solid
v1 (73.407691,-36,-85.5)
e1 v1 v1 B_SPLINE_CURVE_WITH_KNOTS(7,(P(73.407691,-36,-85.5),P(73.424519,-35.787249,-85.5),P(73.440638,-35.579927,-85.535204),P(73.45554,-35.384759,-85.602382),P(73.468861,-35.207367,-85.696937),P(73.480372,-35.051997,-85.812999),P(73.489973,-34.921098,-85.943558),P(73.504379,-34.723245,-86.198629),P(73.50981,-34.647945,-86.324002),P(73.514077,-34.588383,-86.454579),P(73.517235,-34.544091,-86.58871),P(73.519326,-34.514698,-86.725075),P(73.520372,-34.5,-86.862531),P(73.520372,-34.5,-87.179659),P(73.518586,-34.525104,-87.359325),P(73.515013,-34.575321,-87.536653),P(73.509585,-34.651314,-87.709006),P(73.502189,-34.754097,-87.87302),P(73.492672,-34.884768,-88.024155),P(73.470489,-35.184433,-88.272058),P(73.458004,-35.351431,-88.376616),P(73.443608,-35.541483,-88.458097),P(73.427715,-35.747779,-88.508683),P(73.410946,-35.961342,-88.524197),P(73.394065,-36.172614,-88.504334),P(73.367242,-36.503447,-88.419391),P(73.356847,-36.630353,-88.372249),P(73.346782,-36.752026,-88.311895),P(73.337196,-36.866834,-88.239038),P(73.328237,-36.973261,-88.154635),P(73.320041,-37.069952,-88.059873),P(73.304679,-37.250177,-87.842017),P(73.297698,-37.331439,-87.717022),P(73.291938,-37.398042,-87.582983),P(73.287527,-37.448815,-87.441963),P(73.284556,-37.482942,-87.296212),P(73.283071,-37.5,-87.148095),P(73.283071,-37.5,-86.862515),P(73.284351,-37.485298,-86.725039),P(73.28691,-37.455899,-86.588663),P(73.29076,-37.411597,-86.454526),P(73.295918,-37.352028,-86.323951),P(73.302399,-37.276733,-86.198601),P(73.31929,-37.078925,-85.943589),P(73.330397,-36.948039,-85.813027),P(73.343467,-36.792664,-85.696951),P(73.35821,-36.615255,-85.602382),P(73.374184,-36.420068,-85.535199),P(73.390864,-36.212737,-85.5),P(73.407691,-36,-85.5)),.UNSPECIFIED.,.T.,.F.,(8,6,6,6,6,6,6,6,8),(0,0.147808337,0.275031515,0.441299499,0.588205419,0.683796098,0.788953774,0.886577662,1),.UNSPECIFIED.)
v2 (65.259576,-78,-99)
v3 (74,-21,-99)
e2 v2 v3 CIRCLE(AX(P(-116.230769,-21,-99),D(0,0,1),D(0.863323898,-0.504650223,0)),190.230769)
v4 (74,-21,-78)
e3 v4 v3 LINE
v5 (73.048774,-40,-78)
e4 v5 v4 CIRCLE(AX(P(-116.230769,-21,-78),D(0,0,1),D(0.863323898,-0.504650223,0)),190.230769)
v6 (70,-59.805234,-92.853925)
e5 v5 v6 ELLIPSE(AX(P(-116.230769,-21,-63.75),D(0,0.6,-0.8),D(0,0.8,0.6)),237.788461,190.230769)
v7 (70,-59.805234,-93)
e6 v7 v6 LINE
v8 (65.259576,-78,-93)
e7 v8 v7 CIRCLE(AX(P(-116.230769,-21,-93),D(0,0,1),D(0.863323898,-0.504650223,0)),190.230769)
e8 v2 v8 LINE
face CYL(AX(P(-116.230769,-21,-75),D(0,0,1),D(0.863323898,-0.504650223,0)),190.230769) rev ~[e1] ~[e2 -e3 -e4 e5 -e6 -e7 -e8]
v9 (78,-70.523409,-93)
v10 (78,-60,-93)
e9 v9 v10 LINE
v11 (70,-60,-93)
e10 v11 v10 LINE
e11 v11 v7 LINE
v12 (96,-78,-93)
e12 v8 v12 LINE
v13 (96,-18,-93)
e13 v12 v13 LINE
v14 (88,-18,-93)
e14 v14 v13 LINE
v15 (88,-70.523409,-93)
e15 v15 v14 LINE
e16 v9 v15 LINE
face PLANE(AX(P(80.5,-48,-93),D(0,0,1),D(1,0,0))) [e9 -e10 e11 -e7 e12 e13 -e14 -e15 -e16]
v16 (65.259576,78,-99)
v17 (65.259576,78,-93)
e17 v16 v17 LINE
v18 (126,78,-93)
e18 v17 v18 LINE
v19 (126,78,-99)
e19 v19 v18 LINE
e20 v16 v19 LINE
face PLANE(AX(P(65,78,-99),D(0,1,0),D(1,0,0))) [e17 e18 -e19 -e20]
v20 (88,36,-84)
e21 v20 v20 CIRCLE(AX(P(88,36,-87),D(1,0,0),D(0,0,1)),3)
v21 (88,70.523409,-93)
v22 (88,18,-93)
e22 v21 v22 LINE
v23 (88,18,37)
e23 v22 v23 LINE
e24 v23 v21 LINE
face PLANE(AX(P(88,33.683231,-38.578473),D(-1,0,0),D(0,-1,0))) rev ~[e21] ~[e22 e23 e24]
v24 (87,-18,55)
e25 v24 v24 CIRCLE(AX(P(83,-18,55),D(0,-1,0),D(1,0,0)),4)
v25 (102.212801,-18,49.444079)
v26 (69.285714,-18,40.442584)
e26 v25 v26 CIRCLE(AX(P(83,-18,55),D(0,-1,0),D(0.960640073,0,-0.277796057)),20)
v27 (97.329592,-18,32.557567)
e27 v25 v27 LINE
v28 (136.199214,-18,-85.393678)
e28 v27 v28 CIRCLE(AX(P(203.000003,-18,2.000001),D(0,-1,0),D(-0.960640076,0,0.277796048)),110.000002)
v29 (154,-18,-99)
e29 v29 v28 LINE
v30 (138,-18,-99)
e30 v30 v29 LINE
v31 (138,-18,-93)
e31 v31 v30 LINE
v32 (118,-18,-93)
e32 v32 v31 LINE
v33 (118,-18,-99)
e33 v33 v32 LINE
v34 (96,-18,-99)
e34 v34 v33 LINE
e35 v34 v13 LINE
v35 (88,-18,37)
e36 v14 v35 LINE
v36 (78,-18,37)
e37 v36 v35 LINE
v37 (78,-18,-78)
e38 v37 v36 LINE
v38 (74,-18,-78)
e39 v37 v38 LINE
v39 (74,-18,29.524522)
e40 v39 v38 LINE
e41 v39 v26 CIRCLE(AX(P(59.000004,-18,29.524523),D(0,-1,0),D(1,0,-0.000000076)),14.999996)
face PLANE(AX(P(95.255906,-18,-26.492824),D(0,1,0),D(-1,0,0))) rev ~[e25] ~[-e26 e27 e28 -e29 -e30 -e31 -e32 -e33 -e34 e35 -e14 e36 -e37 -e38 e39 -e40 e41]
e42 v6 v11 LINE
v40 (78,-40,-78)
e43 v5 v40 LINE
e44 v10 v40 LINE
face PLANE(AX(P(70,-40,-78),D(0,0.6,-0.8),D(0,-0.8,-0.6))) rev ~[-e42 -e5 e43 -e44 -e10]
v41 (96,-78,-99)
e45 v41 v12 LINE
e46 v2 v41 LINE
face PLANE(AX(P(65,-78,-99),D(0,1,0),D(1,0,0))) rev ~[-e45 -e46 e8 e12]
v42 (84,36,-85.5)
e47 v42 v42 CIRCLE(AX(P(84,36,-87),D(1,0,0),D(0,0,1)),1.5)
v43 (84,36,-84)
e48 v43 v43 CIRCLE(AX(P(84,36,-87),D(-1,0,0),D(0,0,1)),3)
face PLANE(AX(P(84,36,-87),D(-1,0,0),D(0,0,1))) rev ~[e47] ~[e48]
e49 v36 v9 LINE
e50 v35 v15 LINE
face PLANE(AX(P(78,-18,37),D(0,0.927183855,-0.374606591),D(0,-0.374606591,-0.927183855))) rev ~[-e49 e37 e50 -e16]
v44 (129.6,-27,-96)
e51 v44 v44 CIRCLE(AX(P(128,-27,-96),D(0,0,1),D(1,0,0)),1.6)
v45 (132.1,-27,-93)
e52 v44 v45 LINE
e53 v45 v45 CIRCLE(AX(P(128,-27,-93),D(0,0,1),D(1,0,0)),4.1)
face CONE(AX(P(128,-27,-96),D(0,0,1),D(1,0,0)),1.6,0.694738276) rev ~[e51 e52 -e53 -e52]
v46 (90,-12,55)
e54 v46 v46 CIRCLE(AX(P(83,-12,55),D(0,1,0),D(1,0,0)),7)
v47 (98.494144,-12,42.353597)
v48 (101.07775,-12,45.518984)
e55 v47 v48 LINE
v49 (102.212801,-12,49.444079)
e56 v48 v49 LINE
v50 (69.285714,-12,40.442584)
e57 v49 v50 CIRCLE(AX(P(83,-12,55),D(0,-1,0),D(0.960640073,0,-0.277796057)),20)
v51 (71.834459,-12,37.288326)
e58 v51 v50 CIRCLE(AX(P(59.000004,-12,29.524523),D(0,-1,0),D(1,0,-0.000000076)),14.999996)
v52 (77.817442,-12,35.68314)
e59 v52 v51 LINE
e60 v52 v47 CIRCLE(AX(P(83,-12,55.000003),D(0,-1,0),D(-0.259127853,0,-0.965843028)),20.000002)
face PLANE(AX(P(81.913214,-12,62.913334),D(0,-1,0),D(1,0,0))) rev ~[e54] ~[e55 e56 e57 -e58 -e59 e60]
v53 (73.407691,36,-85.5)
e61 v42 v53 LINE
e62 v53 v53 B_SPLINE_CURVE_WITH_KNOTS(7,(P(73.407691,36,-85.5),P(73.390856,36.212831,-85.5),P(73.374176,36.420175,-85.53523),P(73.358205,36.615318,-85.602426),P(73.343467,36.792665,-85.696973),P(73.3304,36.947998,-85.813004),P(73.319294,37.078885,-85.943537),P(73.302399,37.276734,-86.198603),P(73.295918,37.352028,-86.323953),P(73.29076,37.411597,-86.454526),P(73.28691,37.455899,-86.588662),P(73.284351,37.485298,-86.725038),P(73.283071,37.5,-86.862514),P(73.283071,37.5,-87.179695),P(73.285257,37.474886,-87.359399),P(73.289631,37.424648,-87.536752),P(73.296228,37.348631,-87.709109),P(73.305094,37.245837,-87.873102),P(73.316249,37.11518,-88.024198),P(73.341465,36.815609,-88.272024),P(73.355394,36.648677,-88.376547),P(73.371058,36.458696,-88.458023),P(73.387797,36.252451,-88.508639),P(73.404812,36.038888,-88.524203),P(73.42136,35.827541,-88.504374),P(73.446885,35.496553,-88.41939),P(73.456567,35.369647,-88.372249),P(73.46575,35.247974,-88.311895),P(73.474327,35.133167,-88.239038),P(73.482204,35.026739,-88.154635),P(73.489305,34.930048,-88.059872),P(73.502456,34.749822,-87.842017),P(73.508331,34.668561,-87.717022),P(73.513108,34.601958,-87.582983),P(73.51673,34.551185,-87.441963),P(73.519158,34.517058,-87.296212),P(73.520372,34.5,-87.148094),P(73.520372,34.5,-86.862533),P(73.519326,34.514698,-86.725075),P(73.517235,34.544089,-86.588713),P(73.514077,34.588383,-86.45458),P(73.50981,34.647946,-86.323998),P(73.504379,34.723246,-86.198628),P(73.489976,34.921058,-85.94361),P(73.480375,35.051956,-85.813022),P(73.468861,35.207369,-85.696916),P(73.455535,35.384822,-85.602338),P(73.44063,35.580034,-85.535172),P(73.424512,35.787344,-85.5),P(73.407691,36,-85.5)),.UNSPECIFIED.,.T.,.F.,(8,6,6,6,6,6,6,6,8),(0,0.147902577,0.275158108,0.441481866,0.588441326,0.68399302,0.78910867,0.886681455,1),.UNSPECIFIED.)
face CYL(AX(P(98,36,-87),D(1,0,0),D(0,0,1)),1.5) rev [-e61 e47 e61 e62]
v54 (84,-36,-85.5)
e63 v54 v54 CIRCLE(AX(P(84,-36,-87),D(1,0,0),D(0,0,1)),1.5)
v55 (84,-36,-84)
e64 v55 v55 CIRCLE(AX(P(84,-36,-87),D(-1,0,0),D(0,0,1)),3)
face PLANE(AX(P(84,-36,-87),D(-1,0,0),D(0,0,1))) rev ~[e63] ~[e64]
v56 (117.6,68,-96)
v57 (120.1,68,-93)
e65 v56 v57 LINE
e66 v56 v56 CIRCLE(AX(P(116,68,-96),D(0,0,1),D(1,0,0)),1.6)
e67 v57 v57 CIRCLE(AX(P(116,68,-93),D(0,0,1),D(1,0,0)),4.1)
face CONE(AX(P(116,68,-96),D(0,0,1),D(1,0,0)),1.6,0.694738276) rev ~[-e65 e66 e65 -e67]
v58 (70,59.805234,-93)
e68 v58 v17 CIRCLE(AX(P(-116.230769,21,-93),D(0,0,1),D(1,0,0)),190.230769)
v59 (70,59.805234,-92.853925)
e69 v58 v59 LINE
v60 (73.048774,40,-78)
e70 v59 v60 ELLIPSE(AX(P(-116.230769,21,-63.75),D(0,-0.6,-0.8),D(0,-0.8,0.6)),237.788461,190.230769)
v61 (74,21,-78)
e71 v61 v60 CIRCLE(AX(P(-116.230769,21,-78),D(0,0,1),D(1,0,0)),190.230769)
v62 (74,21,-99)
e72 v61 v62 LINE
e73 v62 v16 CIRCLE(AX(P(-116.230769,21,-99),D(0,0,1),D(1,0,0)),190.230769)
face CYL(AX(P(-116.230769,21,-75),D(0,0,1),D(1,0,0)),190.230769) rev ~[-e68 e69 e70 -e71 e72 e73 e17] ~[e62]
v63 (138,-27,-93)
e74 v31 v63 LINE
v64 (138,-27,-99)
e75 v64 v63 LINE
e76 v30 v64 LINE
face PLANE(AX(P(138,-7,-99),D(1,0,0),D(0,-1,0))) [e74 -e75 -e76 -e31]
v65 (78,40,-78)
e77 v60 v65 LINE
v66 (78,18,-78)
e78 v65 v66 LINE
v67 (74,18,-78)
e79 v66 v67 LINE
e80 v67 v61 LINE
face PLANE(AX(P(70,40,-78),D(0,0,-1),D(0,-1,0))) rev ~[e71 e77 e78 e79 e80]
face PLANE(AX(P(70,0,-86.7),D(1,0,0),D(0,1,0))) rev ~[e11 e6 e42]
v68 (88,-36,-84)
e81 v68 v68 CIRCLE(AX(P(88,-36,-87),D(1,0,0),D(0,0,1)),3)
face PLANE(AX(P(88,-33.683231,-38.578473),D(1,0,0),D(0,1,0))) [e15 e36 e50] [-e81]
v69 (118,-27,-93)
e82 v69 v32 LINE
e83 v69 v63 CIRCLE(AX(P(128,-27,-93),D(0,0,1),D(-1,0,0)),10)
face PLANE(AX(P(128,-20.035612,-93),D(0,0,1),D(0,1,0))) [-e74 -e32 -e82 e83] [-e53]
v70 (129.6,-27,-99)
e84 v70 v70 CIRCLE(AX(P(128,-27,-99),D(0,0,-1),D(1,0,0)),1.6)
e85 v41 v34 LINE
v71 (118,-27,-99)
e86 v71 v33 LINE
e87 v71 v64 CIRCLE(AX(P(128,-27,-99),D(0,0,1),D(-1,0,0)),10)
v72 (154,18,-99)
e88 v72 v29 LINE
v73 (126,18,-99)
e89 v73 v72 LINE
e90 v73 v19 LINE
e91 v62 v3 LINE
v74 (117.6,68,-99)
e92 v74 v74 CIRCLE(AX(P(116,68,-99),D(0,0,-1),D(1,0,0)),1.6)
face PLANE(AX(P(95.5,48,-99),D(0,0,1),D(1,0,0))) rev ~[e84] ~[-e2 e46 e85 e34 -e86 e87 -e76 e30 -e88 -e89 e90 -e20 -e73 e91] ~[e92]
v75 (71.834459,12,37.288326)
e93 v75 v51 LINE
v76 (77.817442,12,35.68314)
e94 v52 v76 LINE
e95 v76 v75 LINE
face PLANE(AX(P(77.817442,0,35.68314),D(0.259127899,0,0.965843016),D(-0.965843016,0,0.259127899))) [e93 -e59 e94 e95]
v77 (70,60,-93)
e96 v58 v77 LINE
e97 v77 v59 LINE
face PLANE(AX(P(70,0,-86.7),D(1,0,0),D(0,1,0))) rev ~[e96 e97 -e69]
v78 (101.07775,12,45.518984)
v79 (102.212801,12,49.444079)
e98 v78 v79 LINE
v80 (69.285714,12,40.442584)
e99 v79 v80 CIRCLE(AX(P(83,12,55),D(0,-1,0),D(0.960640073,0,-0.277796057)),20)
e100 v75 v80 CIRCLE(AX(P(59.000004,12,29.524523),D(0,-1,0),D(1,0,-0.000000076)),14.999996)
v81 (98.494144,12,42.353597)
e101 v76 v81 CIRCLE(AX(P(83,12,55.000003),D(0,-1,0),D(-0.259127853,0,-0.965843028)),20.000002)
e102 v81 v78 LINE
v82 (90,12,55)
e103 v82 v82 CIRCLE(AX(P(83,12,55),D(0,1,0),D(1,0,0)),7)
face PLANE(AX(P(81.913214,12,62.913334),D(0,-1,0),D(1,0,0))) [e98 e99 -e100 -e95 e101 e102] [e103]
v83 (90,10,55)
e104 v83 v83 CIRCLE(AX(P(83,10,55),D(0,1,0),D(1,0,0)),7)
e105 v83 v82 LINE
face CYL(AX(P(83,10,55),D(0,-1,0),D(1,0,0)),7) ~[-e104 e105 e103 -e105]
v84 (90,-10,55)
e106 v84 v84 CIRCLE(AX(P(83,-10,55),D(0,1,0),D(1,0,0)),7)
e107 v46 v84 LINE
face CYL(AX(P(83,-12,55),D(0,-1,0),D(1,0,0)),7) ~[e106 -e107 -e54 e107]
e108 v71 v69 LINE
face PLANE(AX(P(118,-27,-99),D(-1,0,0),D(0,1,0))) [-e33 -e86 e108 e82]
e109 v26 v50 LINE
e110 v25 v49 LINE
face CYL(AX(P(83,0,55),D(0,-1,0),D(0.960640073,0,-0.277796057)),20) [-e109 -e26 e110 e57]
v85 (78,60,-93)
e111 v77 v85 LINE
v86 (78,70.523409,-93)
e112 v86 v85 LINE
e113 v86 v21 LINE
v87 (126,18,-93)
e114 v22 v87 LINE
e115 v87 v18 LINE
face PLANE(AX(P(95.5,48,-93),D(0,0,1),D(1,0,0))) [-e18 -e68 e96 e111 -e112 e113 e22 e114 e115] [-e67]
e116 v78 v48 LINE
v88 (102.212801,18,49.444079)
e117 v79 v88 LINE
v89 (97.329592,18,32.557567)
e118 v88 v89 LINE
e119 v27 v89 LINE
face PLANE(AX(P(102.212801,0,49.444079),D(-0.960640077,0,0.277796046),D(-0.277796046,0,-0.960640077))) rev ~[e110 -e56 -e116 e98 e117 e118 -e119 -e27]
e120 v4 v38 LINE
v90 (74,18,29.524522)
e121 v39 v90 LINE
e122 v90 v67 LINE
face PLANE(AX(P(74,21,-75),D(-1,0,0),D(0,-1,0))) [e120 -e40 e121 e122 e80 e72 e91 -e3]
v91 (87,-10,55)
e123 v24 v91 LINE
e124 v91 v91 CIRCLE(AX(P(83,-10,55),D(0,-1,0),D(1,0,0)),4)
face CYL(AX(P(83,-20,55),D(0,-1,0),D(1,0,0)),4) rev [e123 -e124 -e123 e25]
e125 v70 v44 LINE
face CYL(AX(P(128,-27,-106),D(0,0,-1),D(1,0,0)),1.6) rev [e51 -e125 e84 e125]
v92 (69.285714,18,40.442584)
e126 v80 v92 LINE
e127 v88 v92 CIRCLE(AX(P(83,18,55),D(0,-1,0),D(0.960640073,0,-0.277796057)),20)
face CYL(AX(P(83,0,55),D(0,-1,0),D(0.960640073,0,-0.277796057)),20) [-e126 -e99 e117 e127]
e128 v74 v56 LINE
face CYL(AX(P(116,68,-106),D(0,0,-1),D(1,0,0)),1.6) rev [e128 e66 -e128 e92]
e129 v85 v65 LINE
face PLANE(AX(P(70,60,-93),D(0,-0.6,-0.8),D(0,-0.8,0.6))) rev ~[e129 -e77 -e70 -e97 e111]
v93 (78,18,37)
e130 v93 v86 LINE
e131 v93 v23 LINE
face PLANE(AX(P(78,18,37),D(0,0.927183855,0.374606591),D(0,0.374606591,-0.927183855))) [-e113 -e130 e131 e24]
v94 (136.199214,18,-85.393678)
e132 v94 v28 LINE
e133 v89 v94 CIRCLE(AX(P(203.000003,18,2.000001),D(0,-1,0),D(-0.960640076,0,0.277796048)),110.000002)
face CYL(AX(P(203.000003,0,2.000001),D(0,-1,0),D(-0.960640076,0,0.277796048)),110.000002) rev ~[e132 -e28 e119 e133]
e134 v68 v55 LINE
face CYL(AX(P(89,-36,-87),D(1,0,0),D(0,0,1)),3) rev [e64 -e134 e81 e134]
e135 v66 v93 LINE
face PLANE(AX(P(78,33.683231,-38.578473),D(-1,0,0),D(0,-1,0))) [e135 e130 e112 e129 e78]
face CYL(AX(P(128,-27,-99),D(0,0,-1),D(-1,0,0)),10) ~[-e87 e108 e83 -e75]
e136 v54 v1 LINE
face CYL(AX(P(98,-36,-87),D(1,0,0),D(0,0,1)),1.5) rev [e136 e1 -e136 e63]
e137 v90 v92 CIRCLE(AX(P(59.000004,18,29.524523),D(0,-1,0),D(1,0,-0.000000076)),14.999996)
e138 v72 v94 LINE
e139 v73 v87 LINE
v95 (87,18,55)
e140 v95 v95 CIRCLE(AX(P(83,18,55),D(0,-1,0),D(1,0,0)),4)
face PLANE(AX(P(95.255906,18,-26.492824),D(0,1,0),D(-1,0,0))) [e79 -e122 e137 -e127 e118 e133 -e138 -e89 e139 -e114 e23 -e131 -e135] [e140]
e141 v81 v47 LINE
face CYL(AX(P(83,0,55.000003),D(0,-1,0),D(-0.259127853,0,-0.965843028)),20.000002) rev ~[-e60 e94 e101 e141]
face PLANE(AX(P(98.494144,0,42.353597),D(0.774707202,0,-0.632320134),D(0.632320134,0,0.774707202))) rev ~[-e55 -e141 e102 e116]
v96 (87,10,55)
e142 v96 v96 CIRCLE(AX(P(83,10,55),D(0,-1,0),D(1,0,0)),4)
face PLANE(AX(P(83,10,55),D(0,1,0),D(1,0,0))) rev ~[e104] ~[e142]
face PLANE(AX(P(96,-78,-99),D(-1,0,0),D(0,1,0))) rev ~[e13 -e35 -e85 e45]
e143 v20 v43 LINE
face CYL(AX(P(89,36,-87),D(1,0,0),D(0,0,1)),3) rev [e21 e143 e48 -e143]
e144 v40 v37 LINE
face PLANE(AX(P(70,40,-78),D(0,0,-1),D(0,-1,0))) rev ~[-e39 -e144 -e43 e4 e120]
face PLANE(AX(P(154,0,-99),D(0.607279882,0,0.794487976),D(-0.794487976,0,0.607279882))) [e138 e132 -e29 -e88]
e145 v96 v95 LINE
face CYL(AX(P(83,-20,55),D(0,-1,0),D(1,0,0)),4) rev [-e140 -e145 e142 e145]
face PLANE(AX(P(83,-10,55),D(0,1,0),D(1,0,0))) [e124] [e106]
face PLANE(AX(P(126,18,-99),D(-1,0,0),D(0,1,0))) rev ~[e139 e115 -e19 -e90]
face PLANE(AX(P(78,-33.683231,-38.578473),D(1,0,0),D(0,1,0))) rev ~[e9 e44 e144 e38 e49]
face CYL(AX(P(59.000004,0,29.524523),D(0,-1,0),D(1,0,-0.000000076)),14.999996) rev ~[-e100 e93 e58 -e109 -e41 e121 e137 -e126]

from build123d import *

# Parameters (mm, degrees)
CYLINDER059_R              = 1.5
CYLINDER059_DEPTH          = 45
CYLINDER060_R              = 1.5
CYLINDER060_DEPTH          = 45
PRISM006_DEPTH             = 3
PRISM007_DEPTH             = 3
CYLINDER061_R              = 3
CYLINDER061_DEPTH          = 5
CYLINDER043_R              = 4
CYLINDER043_DEPTH          = 40
CYLINDER045_R              = 7
CYLINDER045_DEPTH          = 2
CYLINDER044_R              = 7
CYLINDER044_DEPTH          = 2
EXTRUDE010_DEPTH           = 12
EXTRUDE023_DEPTH           = 24
CYLINDER046_R              = 1.6
CYLINDER046_DEPTH          = 10
CYLINDER062_R              = 3
CYLINDER062_DEPTH          = 5
BOX012_W                   = 31
BOX012_H                   = 60
BOX012_DEPTH               = 6
BOX011_W                   = 61
BOX011_H                   = 60
BOX011_DEPTH               = 6
EXTRUDE015_DEPTH           = 6
EXTRUDE015_PLACEMENT_ANGLE = 90
EXTRUDE011_DEPTH           = 10
EXTRUDE024_DEPTH           = 10
EXTRUDE009_DEPTH           = 18


with BuildPart() as cilindro059:
    # Cylinder059 → Cylinder059 (new body)
    with BuildSketch(Plane(origin=(98, -36, -87), x_dir=(0, 0, 1), z_dir=(-1, 0, 0))):
        Circle(CYLINDER059_R)
    extrude(amount=CYLINDER059_DEPTH)


with BuildPart() as cilindro060:
    # Cylinder060 → Cylinder060 (new body)
    with BuildSketch(Plane(origin=(98, 36, -87), x_dir=(0, 0, 1), z_dir=(-1, 0, 0))):
        Circle(CYLINDER060_R)
    extrude(amount=CYLINDER060_DEPTH)


with BuildPart() as prisma006:
    # Prism006 → Prism006 (new body)
    with BuildSketch(Plane(origin=(65, -36, -87), x_dir=(0, 0, 1), z_dir=(-1, 0, 0))):
        Polygon((3, 0), (1.5, 2.598076), (-1.5, 2.598076), (-3, 0), (-1.5, -2.598076), (1.5, -2.598076), align=None)
    extrude(amount=PRISM006_DEPTH)


with BuildPart() as prisma007:
    # Prism007 → Prism007 (new body)
    with BuildSketch(Plane(origin=(65, 36, -87), x_dir=(0, 0, 1), z_dir=(-1, 0, 0))):
        Polygon((3, 0), (1.5, 2.598076), (-1.5, 2.598076), (-3, 0), (-1.5, -2.598076), (1.5, -2.598076), align=None)
    extrude(amount=PRISM007_DEPTH)


with BuildPart() as cilindro061:
    # Cylinder061 → Cylinder061 (new body)
    with BuildSketch(Plane(origin=(89, -36, -87), x_dir=(0, 0, 1), z_dir=(-1, 0, 0))):
        Circle(CYLINDER061_R)
    extrude(amount=CYLINDER061_DEPTH)


with BuildPart() as cilindro043:
    # Cylinder043 → Cylinder043 (new body)
    with BuildSketch(Plane(origin=(83, -20, 55), x_dir=(1, 0, 0), z_dir=(0, 1, 0))):
        Circle(CYLINDER043_R)
    extrude(amount=CYLINDER043_DEPTH)


with BuildPart() as cilindro045:
    # Cylinder045 → Cylinder045 (new body)
    with BuildSketch(Plane(origin=(83, 10, 55), x_dir=(1, 0, 0), z_dir=(0, 1, 0))):
        Circle(CYLINDER045_R)
    extrude(amount=CYLINDER045_DEPTH)


with BuildPart() as fusion020:
    # Cylinder044 → Cylinder044 (new body)
    with BuildSketch(Plane(origin=(83, -12, 55), x_dir=(1, 0, 0), z_dir=(0, 1, 0))):
        Circle(CYLINDER044_R)
    extrude(amount=CYLINDER044_DEPTH)

    # Fusion020: union Cilindro045
    add(cilindro045.part)


with BuildPart() as cut012:
    # Sketch010 → Extrude010 (new body, symmetric)
    with BuildSketch(Plane.XZ):
        with BuildLine():
            ThreePointArc((77.817442, 35.68314), (89.140517, 35.965977), (98.494144, 42.353597))
            Line((98.494144, 42.353597), (108, 54))
            Line((108, 54), (108, 85))
            Line((58, 85), (108, 85))
            Line((58, 41), (58, 85))
            Line((77.817442, 35.68314), (58, 41))
        make_face()
    extrude(amount=EXTRUDE010_DEPTH, both=True)

    # Cut012: cut Fusion020
    add(fusion020.part, mode=Mode.SUBTRACT)


with BuildPart() as extrude023:
    # Sketch015 → Extrude023 (new body)
    with BuildSketch(Plane.XY.offset(-75)):
        with BuildLine():
            Line((-74, 21), (-74, -21))
            ThreePointArc((-74, -21), (-67.384986, -70.729267), (-48, -117))
            Line((-48, -117), (48, -117))
            ThreePointArc((48, -117), (67.384986, -70.729267), (74, -21))
            Line((74, 21), (74, -21))
            ThreePointArc((74, 21), (67.384986, 70.729267), (48, 117))
            Line((-48, 117), (48, 117))
            ThreePointArc((-48, 117), (-67.384986, 70.729267), (-74, 21))
        make_face()
    extrude(amount=-EXTRUDE023_DEPTH)


with BuildPart() as cono:
    # Cone → Cone (revolve)
    with BuildSketch(Plane(origin=(0, 0, -96), x_dir=(1, 0, 0), z_dir=(0, -1, 0))):
        Polygon((0, 0), (1.6, 0), (4.1, 3), (0, 3), align=None)
    revolve(axis=Axis((0, 0, -96), (0, 0, 1)))


with BuildPart() as cilindro046:
    # Cylinder046 → Cylinder046 (new body)
    with BuildSketch(Plane.XY.offset(-106)):
        Circle(CYLINDER046_R)
    extrude(amount=CYLINDER046_DEPTH)


with BuildPart() as fusion029:
    # Fusion029 base: copy of Cilindro046
    add(cilindro046.part)

    # Fusion029: union Cono
    add(cono.part)


with BuildPart() as fusion029_1:
    # Fusion029 placement: moved
    add(fusion029.part.moved(Location((128, -27, 0))))


with BuildPart() as fusion028:
    # Fusion028 base: copy of Cilindro046
    add(cilindro046.part)

    # Fusion028: union Cono
    add(cono.part)


with BuildPart() as fusion028_1:
    # Fusion028 placement: moved
    add(fusion028.part.moved(Location((116, 68, 0))))


with BuildPart() as fusion052:
    # Cylinder062 → Cylinder062 (new body)
    with BuildSketch(Plane(origin=(89, 36, -87), x_dir=(0, 0, 1), z_dir=(-1, 0, 0))):
        Circle(CYLINDER062_R)
    extrude(amount=CYLINDER062_DEPTH)

    # Fusion052: union Cilindro059, Cilindro060, Prisma006, Prisma007, Cilindro061, Cilindro043, Cut012, Extrude023, Fusion029, Fusion028
    add(cilindro059.part)
    add(cilindro060.part)
    add(prisma006.part)
    add(prisma007.part)
    add(cilindro061.part)
    add(cilindro043.part)
    add(cut012.part)
    add(extrude023.part)
    add(fusion029_1.part)
    add(fusion028_1.part)


with BuildPart() as cubo011:
    # Box012 → Box012 (new body)
    with BuildSketch(Plane(origin=(65, -78, -99), x_dir=(1, 0, 0), z_dir=(0, 0, 1))):
        with Locations((15.5, 30)):
            Rectangle(BOX012_W, BOX012_H)
    extrude(amount=BOX012_DEPTH)


with BuildPart() as cubo010:
    # Box011 → Box011 (new body)
    with BuildSketch(Plane(origin=(65, 18, -99), x_dir=(1, 0, 0), z_dir=(0, 0, 1))):
        with Locations((30.5, 30)):
            Rectangle(BOX011_W, BOX011_H)
    extrude(amount=BOX011_DEPTH)


with BuildPart() as fusion024:
    # Sketch012 → Extrude015 (new body)
    with BuildSketch(Plane.XY.offset(-99)):
        with BuildLine():
            ThreePointArc((0, 10), (-10, 0), (0, -10))
            Line((20, -10), (0, -10))
            Line((20, 10), (20, -10))
            Line((0, 10), (20, 10))
        make_face()
    extrude(amount=EXTRUDE015_DEPTH)


with BuildPart() as fusion024_1:
    # Extrude015 placement: moved
    add(fusion024.part.moved(Location((128, -27, 0))).rotate(Axis((128, -27, 0), (0, 0, 1)), EXTRUDE015_PLACEMENT_ANGLE))

    # Fusion024: union Cubo011, Cubo010
    add(cubo011.part)
    add(cubo010.part)


with BuildPart() as extrude011:
    # Sketch011 → Extrude011 (new body)
    with BuildSketch(Plane.YZ.offset(78)):
        Polygon((-70.523409, -93), (-18, -93), (-18, 37), align=None)
        Polygon((18, -93), (18, 37), (70.523409, -93), align=None)
    extrude(amount=EXTRUDE011_DEPTH)


with BuildPart() as extrude024:
    # Sketch016 → Extrude024 (new body)
    with BuildSketch(Plane.YZ.offset(70)):
        Polygon((-40, -78), (-60, -93), (60, -93), (40, -78), align=None)
    extrude(amount=EXTRUDE024_DEPTH)


with BuildPart() as soporte_eje:
    # Sketch009 → Extrude009 (new body, symmetric)
    with BuildSketch(Plane.XZ):
        with BuildLine():
            Line((74, -99), (74, 29.524522))
            ThreePointArc((74, 29.524522), (72.771088, 35.470709), (69.285714, 40.442584))
            ThreePointArc((102.212801, 49.444079), (77.725993, 74.292093), (69.285714, 40.442584))
            Line((102.212801, 49.444079), (97.329592, 32.557567))
            ThreePointArc((97.329592, 32.557567), (98.526548, -32.428153), (136.199214, -85.393678))
            Line((154, -99), (136.199214, -85.393678))
            Line((74, -99), (154, -99))
        make_face()
    extrude(amount=EXTRUDE009_DEPTH, both=True)

    # Fusion053: union Fusion024, Extrude011, Extrude024
    add(fusion024_1.part)
    add(extrude011.part)
    add(extrude024.part)

    # Cut020: cut Fusion052
    add(fusion052.part, mode=Mode.SUBTRACT)


solid = soporte_eje.part
